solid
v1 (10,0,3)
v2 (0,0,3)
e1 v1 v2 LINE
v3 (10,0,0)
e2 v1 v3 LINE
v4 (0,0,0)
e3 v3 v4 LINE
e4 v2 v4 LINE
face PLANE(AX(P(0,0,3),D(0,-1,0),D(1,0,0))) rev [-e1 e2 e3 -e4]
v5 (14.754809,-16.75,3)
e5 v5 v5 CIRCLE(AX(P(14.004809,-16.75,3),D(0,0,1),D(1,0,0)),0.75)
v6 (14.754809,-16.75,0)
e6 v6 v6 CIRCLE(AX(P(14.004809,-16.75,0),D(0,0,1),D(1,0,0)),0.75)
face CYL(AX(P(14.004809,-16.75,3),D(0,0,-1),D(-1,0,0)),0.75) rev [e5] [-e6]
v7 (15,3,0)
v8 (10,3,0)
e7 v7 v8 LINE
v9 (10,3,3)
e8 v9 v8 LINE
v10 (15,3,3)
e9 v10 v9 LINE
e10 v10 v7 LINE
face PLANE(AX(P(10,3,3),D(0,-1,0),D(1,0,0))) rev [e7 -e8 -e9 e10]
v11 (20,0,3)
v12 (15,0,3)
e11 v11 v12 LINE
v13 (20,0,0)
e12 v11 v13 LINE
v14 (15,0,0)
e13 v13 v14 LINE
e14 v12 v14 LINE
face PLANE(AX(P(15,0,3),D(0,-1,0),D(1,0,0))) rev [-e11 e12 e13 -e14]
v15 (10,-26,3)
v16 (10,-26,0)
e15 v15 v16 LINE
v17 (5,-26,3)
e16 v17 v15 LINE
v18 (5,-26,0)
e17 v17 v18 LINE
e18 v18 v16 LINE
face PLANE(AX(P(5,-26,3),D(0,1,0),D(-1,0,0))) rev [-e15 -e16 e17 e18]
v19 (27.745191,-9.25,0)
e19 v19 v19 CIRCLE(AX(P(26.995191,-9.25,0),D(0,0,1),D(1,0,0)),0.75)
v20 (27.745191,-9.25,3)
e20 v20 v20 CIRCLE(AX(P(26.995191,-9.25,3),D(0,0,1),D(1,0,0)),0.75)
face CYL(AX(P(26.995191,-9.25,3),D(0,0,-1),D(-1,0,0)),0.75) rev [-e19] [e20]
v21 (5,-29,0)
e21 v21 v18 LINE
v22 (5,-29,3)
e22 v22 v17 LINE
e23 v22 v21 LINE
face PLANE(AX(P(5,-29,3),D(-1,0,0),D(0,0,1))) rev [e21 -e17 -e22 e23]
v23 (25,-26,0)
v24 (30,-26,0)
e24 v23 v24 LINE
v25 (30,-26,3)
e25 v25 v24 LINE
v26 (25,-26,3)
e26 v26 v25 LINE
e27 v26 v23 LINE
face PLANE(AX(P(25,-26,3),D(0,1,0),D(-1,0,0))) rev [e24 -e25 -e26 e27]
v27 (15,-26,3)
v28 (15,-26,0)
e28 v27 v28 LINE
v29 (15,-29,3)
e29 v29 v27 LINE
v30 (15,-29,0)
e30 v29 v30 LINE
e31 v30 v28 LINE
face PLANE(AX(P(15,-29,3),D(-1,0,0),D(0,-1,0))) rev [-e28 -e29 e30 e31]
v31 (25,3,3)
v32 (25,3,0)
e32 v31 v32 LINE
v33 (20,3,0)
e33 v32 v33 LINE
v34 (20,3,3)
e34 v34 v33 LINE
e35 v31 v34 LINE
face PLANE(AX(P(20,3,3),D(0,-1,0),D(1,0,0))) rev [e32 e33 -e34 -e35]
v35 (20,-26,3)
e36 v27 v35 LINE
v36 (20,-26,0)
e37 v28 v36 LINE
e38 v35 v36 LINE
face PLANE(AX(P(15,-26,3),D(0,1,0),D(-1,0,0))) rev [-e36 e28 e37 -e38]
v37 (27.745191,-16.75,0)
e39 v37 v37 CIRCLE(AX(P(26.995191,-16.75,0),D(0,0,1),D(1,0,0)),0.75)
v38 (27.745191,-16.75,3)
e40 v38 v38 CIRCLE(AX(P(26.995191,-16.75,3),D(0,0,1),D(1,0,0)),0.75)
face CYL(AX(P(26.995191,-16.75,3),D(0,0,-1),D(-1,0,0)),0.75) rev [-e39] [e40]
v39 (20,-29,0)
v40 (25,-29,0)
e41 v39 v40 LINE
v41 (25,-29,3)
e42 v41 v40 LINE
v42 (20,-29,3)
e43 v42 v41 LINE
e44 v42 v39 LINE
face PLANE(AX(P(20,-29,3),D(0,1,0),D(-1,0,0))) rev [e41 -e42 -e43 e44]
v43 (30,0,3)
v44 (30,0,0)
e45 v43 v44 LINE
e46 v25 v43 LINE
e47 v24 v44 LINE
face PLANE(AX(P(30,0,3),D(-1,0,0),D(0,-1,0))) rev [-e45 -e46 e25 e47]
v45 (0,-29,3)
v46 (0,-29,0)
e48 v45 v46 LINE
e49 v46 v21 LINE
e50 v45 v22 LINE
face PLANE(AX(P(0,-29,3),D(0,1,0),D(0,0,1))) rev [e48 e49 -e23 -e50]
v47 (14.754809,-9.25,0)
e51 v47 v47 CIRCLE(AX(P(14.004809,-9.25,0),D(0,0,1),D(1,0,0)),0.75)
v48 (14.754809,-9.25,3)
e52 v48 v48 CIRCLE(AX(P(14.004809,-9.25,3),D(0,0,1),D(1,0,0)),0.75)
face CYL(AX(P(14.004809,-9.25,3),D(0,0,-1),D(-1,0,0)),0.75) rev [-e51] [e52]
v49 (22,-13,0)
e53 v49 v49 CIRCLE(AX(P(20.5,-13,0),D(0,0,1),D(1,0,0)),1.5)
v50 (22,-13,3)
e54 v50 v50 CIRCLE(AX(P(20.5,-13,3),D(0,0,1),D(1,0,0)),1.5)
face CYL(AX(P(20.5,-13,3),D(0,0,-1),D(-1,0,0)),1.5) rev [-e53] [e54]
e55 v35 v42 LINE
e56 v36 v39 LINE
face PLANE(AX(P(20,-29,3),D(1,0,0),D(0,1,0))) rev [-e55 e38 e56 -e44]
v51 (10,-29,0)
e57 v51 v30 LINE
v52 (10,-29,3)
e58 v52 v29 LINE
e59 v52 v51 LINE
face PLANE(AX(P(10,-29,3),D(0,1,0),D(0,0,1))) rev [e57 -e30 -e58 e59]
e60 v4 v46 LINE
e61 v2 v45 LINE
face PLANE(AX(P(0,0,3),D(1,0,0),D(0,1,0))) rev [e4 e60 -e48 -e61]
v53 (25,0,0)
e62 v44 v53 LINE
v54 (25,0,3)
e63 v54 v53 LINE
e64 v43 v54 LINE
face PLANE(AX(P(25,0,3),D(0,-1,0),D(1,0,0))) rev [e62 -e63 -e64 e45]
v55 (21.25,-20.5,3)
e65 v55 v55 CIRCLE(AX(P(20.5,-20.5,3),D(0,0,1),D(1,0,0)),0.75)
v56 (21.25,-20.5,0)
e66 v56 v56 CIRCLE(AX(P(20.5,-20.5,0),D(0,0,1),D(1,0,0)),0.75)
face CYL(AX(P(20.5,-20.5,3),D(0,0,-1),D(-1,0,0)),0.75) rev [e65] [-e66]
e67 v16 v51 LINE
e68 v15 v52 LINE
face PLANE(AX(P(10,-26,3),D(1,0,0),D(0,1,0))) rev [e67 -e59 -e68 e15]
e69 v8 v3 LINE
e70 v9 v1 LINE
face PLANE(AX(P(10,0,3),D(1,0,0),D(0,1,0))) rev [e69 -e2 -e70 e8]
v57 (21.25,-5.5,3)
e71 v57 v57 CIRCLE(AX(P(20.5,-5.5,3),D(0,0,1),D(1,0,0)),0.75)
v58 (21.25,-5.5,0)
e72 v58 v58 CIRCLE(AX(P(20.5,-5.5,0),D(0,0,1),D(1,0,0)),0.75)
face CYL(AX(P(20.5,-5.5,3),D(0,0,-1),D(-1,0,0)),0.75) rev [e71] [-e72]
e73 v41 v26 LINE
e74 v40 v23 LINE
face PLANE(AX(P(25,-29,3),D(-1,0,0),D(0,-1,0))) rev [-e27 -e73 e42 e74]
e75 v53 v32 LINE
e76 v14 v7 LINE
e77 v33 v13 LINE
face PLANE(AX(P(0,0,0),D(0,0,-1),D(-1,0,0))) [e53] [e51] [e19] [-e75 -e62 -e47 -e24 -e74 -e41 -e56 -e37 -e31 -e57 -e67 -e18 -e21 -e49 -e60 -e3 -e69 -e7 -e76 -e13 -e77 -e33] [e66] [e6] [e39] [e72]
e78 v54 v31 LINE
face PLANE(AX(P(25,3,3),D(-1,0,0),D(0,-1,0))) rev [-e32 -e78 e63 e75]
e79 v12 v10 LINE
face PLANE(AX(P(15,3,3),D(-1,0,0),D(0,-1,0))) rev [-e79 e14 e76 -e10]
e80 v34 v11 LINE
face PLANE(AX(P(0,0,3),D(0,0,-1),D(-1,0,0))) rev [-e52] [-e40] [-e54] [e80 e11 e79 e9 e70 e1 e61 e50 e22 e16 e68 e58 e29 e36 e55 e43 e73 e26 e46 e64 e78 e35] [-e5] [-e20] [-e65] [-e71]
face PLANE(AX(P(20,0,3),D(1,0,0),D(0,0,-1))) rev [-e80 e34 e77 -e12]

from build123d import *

# Parameters (mm, degrees)
SKETCH1_R           = 0.75
SKETCH1_R_2         = 1.5
BOSS_EXTRUDE1_DEPTH = 3


with BuildPart() as part:
    # Sketch1 → Boss-Extrude1 (new body)
    with BuildSketch(Plane.XY):
        Polygon((10, 0), (10, 3), (15, 3), (15, 0), (20, 0), (20, 3), (25, 3), (25, 0), (30, 0), (30, -26), (25, -26), (25, -29), (20, -29), (20, -26), (15, -26), (15, -29), (10, -29), (10, -26), (5, -26), (5, -29), (0, -29), (0, 0), align=None)
        with Locations((20.5, -5.5)):
            Circle(SKETCH1_R, mode=Mode.SUBTRACT)
        with Locations((26.995190528, -9.25)):
            Circle(SKETCH1_R, mode=Mode.SUBTRACT)
        with Locations((26.995190528, -16.75)):
            Circle(SKETCH1_R, mode=Mode.SUBTRACT)
        with Locations((20.5, -20.5)):
            Circle(SKETCH1_R, mode=Mode.SUBTRACT)
        with Locations((14.004809472, -16.75)):
            Circle(SKETCH1_R, mode=Mode.SUBTRACT)
        with Locations((14.004809472, -9.25)):
            Circle(SKETCH1_R, mode=Mode.SUBTRACT)
        with Locations((20.5, -13)):
            Circle(SKETCH1_R_2, mode=Mode.SUBTRACT)
    extrude(amount=BOSS_EXTRUDE1_DEPTH)


solid = part.part
